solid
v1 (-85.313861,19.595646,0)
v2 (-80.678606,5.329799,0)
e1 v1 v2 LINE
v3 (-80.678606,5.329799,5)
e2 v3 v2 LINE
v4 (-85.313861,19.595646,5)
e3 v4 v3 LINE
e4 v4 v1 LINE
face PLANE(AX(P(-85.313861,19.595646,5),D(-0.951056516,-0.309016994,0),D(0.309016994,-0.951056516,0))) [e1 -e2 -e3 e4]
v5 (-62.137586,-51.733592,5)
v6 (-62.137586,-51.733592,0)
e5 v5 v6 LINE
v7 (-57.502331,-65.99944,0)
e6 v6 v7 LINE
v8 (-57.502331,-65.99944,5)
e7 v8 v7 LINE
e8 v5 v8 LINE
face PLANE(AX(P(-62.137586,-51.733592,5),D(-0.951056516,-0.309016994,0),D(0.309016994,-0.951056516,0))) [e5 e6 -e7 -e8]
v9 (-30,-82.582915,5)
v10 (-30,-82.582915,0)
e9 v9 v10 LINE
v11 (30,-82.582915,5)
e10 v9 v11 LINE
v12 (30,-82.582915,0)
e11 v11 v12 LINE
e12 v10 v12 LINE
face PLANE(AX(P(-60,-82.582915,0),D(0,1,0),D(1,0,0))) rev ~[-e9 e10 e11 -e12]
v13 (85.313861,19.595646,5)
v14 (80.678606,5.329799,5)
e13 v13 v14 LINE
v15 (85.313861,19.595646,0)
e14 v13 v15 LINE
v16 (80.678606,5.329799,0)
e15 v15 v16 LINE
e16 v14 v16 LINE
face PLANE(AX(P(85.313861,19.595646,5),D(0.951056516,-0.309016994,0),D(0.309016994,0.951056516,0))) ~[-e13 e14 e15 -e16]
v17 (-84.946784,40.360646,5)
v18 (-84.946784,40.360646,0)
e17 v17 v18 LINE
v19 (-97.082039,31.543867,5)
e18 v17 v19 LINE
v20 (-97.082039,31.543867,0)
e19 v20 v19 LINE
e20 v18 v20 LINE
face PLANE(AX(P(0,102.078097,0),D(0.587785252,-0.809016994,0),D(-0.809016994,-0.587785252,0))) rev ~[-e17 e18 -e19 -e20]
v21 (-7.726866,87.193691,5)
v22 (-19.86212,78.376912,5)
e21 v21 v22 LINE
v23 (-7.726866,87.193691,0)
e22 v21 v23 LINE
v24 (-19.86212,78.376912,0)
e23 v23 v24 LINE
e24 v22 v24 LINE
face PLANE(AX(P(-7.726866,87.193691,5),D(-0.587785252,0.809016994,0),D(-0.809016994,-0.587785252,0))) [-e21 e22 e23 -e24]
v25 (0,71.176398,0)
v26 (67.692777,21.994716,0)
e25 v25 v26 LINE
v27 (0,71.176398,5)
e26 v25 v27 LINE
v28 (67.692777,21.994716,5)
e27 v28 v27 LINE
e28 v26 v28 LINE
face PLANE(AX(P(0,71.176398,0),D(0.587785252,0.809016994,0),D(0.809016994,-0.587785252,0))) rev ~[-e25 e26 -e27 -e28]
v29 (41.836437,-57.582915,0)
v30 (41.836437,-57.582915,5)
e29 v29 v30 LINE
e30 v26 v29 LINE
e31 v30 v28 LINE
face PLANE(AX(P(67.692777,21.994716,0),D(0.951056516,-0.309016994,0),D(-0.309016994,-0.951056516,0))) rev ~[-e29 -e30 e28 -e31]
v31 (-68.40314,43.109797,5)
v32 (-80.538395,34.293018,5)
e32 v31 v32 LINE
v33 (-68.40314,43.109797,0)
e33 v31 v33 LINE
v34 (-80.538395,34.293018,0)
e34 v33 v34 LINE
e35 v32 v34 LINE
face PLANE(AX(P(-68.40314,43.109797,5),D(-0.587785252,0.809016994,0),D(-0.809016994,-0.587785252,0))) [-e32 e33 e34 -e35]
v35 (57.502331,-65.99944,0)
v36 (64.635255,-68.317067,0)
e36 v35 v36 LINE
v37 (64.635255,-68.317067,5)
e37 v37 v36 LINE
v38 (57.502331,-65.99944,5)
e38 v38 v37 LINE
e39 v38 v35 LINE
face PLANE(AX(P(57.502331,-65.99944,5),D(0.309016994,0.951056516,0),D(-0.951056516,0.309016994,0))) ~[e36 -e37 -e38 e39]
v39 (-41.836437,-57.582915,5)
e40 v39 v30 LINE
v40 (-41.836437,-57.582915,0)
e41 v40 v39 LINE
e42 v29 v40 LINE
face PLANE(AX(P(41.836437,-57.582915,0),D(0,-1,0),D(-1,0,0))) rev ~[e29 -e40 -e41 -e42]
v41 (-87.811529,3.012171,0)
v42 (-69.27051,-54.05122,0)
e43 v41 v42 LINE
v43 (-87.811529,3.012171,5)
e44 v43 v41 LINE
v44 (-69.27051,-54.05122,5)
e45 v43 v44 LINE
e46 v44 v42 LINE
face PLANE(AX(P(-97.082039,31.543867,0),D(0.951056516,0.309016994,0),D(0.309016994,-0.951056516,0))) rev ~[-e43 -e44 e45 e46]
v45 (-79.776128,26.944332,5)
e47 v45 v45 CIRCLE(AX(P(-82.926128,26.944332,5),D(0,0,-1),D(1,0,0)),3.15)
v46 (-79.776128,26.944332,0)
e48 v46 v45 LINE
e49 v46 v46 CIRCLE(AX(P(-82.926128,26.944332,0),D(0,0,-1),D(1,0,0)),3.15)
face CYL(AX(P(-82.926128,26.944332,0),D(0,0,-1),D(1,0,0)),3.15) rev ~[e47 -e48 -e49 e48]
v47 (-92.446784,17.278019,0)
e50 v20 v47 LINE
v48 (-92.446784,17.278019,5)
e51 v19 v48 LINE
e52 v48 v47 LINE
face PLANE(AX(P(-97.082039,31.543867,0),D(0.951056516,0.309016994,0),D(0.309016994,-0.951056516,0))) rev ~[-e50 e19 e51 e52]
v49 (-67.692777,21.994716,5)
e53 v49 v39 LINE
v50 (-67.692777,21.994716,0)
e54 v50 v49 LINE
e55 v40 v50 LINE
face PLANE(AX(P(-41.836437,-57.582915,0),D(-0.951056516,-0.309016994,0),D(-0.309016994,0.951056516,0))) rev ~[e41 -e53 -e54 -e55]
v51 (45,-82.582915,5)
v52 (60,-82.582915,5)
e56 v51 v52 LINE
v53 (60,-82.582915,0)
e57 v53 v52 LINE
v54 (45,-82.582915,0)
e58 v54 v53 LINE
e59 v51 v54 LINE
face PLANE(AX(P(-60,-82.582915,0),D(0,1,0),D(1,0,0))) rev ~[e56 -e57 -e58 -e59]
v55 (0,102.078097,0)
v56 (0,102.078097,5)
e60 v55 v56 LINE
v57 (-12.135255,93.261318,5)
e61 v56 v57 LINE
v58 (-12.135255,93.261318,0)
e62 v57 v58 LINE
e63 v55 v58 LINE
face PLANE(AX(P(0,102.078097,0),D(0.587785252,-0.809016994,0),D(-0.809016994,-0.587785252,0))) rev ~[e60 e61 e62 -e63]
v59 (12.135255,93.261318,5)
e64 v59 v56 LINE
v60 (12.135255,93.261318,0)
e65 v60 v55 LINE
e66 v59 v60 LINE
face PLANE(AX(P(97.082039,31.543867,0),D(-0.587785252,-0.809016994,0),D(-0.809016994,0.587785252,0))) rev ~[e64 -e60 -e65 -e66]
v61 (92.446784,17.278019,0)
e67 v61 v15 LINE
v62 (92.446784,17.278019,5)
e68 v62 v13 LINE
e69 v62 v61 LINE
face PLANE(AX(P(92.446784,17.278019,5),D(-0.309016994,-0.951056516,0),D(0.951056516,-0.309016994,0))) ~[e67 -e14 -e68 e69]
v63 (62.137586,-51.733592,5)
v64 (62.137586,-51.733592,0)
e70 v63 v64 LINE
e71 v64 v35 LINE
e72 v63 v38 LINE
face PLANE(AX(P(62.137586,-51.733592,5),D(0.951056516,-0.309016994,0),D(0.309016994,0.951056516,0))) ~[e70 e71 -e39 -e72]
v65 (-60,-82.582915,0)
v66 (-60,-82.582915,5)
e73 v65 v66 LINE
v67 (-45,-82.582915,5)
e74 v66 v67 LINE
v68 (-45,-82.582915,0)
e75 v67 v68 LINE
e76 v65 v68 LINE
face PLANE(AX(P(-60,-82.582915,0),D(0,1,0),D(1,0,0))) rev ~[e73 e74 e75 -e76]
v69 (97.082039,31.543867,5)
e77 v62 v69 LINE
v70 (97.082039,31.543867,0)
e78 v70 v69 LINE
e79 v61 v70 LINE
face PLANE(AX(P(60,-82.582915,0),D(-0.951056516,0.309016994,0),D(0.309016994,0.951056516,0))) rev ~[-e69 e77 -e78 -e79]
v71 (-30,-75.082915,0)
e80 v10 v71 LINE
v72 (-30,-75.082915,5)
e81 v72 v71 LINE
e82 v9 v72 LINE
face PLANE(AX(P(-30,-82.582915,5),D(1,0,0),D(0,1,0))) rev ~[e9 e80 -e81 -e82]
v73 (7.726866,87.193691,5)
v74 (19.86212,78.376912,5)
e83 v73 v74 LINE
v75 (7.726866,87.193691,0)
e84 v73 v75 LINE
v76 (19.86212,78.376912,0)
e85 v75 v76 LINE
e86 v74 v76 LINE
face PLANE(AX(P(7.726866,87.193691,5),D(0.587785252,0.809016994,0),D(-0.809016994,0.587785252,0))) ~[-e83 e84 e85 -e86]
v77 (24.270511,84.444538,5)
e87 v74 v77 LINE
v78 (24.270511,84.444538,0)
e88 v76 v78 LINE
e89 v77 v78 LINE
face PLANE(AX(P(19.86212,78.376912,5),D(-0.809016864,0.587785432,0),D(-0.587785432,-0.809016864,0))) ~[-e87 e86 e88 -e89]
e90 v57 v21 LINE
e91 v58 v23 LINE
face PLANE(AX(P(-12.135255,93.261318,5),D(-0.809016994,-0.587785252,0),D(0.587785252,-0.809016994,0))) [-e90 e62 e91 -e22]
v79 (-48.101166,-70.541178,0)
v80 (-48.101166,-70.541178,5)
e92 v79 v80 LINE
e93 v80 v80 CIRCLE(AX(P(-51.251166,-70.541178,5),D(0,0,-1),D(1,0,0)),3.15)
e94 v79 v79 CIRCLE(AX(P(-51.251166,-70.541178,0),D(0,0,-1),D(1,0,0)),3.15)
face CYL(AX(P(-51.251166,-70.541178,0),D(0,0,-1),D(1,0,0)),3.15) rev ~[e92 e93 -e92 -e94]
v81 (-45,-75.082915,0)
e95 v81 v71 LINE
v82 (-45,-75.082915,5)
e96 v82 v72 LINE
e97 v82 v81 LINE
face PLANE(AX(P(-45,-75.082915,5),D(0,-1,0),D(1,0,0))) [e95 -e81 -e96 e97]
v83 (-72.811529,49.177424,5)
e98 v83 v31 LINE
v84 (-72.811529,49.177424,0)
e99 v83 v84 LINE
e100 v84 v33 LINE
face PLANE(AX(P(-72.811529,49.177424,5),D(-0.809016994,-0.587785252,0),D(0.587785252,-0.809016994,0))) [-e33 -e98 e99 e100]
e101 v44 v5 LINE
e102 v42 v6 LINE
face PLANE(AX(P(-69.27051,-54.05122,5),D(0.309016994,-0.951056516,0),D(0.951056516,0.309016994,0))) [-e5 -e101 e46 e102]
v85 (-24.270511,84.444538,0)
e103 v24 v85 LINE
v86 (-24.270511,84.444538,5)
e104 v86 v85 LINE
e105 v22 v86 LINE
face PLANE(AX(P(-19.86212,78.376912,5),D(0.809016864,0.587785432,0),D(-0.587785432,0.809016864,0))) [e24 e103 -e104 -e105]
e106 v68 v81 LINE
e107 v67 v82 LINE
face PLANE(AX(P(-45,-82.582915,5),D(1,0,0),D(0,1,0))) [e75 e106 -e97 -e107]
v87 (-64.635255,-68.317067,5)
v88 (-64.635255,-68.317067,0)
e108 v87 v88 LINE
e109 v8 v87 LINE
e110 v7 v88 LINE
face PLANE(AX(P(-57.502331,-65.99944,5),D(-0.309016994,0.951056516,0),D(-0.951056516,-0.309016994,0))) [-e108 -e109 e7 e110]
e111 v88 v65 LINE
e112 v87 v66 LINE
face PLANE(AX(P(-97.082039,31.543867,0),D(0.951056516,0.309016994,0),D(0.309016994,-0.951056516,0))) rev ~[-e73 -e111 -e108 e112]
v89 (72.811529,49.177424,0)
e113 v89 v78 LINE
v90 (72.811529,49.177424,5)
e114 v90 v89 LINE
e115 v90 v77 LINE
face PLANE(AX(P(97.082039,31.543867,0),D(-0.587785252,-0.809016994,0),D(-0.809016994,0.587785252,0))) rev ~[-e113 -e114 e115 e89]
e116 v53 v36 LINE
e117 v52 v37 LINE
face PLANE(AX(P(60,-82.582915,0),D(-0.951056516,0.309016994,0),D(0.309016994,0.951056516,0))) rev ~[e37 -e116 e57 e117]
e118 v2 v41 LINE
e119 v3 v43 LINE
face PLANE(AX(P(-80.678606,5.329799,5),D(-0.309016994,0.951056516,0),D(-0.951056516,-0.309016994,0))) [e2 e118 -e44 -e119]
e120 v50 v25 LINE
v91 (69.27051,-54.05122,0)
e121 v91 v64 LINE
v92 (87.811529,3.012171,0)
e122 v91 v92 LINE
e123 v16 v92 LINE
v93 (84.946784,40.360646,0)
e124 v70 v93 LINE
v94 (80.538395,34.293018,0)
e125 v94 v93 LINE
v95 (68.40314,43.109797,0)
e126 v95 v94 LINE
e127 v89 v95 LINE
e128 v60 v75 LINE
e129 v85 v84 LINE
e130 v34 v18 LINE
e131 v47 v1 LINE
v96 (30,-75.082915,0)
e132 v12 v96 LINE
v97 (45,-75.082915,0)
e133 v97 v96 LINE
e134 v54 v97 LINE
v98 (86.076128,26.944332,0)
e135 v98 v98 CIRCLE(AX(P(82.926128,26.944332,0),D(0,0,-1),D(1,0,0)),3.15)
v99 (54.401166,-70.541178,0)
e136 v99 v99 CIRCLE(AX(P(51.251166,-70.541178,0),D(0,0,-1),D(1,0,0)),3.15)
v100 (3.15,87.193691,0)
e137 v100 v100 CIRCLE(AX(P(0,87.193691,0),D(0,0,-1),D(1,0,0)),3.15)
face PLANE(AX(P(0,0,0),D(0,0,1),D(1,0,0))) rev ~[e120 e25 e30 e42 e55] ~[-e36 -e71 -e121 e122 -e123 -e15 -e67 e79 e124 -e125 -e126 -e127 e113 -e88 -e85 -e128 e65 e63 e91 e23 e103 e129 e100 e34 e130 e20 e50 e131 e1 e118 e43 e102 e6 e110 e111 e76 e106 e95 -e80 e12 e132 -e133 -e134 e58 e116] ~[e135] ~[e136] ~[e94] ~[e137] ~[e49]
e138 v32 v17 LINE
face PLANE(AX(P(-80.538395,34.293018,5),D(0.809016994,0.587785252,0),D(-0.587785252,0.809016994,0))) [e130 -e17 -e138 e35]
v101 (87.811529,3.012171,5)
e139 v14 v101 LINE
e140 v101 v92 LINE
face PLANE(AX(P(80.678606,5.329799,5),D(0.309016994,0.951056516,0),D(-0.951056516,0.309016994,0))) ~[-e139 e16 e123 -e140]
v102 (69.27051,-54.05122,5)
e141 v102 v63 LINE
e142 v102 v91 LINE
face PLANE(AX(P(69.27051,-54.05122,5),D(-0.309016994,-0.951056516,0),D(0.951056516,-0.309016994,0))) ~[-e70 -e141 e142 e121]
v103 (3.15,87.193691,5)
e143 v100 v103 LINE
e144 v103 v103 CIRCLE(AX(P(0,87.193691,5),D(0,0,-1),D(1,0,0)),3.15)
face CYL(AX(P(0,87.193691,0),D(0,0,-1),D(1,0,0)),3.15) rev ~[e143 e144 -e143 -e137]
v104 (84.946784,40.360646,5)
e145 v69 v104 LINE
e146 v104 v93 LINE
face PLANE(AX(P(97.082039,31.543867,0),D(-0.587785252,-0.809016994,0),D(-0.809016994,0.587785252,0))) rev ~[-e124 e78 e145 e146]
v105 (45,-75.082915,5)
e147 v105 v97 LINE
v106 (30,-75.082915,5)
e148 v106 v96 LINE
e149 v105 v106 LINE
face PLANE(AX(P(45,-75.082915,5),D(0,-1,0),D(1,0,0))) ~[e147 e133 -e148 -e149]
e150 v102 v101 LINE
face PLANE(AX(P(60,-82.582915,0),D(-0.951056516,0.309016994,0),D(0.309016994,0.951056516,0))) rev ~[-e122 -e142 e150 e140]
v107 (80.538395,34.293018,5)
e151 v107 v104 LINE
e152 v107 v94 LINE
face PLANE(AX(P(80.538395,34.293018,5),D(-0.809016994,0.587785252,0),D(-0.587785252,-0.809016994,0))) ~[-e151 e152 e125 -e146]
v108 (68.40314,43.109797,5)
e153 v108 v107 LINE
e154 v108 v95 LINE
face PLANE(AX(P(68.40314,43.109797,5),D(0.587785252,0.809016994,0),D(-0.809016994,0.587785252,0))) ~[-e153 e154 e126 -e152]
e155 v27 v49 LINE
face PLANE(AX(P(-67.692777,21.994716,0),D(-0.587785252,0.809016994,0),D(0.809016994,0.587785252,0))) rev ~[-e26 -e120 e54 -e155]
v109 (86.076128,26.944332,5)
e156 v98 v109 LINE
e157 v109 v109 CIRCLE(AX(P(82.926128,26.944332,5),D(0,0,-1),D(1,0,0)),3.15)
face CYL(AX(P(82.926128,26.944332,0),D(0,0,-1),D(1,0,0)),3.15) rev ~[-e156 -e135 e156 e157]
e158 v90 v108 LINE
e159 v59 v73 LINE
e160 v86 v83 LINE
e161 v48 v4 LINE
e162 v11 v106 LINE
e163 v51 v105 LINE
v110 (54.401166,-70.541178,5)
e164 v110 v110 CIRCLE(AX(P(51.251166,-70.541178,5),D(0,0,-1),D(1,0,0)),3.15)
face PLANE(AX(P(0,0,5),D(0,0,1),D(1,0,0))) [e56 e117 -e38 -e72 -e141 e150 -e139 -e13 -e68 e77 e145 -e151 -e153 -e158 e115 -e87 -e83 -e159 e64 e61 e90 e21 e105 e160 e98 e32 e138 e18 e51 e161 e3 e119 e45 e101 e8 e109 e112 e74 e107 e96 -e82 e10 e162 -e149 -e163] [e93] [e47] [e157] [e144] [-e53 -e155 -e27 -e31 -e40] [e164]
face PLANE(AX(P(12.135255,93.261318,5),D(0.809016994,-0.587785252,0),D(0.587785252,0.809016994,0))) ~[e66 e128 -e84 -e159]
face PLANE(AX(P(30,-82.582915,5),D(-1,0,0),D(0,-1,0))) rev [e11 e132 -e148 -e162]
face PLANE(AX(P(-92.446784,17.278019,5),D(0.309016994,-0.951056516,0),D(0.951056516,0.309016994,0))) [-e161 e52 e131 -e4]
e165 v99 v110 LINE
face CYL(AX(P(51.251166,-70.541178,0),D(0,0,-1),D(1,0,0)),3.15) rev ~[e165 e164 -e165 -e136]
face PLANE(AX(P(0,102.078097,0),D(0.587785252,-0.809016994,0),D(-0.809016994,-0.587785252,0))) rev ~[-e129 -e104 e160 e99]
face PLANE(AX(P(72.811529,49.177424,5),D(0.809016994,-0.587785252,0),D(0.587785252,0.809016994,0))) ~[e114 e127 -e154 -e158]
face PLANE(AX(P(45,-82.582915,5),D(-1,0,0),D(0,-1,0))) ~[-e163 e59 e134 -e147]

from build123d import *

# Parameters (mm, degrees)
PAD_DEPTH       = 5
SKETCH001_W     = 15
SKETCH001_H     = 7.5
POCKET_DEPTH    = 541.0024137145
SKETCH004_R     = 3.15
POCKET002_DEPTH = 5.001
POCKET003_DEPTH = 5.001


with BuildPart() as part:
    # Sketch → Pad (new body)
    with BuildSketch(Plane.XY):
        Polygon((0, 102.0780970022), (-97.082039325, 31.5438667271), (-60, -82.5829152283), (60, -82.5829152283), (97.082039325, 31.5438667271), align=None)
    extrude(amount=PAD_DEPTH)

    # Sketch001 → Pocket (cut, through all)
    with BuildSketch(Plane.XY.offset(5)):
        Polygon((-84.9467844094, 40.3606455115), (-72.8115294937, 49.1774242959), (-68.4031401016, 43.1097968381), (-80.5383950172, 34.2930180537), align=None)
        Polygon((-12.1352549156, 93.2613182179), (-7.7268655234, 87.19369076), (-19.8621204391, 78.3769119757), (-24.2705111804, 84.4445384533), align=None)
        Polygon((-92.4467844094, 17.2780189827), (-85.3138605372, 19.5956464405), (-80.6786056215, 5.3297986961), (-87.8115294937, 3.0121712383), align=None)
        Polygon((-69.2705098312, -54.0512197394), (-62.137585959, -51.7335922816), (-57.5023310434, -65.999440026), (-64.6352549156, -68.3170674838), align=None)
        with Locations((-37.5, -78.8329152283)):
            Rectangle(SKETCH001_W, SKETCH001_H)
    pocket = extrude(amount=-POCKET_DEPTH, mode=Mode.SUBTRACT)

    # Mirrored: Pocket across Sketch001 V_Axis
    add(pocket.mirror(Plane(origin=(0, 0, 5), x_dir=(0, 0, 1), z_dir=(1, 0, 0))), mode=Mode.SUBTRACT)

    # Sketch004 → Pocket002 (cut, through all)
    with BuildSketch(Plane(origin=(0, 0, 0), x_dir=(1, 0, 0), z_dir=(0, 0, -1))):
        with Locations((-51.2511655217, 70.5411776272)):
            Circle(SKETCH004_R)
        with Locations((-82.9261277772, -26.9443322471)):
            Circle(SKETCH004_R)
        with Locations((0, -87.19369076)):
            Circle(SKETCH004_R)
        with Locations((82.9261277772, -26.9443322471)):
            Circle(SKETCH004_R)
        with Locations((51.2511655217, 70.5411776272)):
            Circle(SKETCH004_R)
    extrude(amount=-POCKET002_DEPTH, mode=Mode.SUBTRACT)

    # Sketch005 → Pocket003 (cut, through all)
    with BuildSketch(Plane(origin=(0, 0, 0), x_dir=(1, 0, 0), z_dir=(0, 0, -1))):
        Polygon((0, -71.1763975648), (67.6927767104, -21.9947164459), (41.8364367999, 57.5829152283), (-41.8364367999, 57.5829152283), (-67.6927767104, -21.9947164459), align=None)
    extrude(amount=-POCKET003_DEPTH, mode=Mode.SUBTRACT)


solid = part.part
